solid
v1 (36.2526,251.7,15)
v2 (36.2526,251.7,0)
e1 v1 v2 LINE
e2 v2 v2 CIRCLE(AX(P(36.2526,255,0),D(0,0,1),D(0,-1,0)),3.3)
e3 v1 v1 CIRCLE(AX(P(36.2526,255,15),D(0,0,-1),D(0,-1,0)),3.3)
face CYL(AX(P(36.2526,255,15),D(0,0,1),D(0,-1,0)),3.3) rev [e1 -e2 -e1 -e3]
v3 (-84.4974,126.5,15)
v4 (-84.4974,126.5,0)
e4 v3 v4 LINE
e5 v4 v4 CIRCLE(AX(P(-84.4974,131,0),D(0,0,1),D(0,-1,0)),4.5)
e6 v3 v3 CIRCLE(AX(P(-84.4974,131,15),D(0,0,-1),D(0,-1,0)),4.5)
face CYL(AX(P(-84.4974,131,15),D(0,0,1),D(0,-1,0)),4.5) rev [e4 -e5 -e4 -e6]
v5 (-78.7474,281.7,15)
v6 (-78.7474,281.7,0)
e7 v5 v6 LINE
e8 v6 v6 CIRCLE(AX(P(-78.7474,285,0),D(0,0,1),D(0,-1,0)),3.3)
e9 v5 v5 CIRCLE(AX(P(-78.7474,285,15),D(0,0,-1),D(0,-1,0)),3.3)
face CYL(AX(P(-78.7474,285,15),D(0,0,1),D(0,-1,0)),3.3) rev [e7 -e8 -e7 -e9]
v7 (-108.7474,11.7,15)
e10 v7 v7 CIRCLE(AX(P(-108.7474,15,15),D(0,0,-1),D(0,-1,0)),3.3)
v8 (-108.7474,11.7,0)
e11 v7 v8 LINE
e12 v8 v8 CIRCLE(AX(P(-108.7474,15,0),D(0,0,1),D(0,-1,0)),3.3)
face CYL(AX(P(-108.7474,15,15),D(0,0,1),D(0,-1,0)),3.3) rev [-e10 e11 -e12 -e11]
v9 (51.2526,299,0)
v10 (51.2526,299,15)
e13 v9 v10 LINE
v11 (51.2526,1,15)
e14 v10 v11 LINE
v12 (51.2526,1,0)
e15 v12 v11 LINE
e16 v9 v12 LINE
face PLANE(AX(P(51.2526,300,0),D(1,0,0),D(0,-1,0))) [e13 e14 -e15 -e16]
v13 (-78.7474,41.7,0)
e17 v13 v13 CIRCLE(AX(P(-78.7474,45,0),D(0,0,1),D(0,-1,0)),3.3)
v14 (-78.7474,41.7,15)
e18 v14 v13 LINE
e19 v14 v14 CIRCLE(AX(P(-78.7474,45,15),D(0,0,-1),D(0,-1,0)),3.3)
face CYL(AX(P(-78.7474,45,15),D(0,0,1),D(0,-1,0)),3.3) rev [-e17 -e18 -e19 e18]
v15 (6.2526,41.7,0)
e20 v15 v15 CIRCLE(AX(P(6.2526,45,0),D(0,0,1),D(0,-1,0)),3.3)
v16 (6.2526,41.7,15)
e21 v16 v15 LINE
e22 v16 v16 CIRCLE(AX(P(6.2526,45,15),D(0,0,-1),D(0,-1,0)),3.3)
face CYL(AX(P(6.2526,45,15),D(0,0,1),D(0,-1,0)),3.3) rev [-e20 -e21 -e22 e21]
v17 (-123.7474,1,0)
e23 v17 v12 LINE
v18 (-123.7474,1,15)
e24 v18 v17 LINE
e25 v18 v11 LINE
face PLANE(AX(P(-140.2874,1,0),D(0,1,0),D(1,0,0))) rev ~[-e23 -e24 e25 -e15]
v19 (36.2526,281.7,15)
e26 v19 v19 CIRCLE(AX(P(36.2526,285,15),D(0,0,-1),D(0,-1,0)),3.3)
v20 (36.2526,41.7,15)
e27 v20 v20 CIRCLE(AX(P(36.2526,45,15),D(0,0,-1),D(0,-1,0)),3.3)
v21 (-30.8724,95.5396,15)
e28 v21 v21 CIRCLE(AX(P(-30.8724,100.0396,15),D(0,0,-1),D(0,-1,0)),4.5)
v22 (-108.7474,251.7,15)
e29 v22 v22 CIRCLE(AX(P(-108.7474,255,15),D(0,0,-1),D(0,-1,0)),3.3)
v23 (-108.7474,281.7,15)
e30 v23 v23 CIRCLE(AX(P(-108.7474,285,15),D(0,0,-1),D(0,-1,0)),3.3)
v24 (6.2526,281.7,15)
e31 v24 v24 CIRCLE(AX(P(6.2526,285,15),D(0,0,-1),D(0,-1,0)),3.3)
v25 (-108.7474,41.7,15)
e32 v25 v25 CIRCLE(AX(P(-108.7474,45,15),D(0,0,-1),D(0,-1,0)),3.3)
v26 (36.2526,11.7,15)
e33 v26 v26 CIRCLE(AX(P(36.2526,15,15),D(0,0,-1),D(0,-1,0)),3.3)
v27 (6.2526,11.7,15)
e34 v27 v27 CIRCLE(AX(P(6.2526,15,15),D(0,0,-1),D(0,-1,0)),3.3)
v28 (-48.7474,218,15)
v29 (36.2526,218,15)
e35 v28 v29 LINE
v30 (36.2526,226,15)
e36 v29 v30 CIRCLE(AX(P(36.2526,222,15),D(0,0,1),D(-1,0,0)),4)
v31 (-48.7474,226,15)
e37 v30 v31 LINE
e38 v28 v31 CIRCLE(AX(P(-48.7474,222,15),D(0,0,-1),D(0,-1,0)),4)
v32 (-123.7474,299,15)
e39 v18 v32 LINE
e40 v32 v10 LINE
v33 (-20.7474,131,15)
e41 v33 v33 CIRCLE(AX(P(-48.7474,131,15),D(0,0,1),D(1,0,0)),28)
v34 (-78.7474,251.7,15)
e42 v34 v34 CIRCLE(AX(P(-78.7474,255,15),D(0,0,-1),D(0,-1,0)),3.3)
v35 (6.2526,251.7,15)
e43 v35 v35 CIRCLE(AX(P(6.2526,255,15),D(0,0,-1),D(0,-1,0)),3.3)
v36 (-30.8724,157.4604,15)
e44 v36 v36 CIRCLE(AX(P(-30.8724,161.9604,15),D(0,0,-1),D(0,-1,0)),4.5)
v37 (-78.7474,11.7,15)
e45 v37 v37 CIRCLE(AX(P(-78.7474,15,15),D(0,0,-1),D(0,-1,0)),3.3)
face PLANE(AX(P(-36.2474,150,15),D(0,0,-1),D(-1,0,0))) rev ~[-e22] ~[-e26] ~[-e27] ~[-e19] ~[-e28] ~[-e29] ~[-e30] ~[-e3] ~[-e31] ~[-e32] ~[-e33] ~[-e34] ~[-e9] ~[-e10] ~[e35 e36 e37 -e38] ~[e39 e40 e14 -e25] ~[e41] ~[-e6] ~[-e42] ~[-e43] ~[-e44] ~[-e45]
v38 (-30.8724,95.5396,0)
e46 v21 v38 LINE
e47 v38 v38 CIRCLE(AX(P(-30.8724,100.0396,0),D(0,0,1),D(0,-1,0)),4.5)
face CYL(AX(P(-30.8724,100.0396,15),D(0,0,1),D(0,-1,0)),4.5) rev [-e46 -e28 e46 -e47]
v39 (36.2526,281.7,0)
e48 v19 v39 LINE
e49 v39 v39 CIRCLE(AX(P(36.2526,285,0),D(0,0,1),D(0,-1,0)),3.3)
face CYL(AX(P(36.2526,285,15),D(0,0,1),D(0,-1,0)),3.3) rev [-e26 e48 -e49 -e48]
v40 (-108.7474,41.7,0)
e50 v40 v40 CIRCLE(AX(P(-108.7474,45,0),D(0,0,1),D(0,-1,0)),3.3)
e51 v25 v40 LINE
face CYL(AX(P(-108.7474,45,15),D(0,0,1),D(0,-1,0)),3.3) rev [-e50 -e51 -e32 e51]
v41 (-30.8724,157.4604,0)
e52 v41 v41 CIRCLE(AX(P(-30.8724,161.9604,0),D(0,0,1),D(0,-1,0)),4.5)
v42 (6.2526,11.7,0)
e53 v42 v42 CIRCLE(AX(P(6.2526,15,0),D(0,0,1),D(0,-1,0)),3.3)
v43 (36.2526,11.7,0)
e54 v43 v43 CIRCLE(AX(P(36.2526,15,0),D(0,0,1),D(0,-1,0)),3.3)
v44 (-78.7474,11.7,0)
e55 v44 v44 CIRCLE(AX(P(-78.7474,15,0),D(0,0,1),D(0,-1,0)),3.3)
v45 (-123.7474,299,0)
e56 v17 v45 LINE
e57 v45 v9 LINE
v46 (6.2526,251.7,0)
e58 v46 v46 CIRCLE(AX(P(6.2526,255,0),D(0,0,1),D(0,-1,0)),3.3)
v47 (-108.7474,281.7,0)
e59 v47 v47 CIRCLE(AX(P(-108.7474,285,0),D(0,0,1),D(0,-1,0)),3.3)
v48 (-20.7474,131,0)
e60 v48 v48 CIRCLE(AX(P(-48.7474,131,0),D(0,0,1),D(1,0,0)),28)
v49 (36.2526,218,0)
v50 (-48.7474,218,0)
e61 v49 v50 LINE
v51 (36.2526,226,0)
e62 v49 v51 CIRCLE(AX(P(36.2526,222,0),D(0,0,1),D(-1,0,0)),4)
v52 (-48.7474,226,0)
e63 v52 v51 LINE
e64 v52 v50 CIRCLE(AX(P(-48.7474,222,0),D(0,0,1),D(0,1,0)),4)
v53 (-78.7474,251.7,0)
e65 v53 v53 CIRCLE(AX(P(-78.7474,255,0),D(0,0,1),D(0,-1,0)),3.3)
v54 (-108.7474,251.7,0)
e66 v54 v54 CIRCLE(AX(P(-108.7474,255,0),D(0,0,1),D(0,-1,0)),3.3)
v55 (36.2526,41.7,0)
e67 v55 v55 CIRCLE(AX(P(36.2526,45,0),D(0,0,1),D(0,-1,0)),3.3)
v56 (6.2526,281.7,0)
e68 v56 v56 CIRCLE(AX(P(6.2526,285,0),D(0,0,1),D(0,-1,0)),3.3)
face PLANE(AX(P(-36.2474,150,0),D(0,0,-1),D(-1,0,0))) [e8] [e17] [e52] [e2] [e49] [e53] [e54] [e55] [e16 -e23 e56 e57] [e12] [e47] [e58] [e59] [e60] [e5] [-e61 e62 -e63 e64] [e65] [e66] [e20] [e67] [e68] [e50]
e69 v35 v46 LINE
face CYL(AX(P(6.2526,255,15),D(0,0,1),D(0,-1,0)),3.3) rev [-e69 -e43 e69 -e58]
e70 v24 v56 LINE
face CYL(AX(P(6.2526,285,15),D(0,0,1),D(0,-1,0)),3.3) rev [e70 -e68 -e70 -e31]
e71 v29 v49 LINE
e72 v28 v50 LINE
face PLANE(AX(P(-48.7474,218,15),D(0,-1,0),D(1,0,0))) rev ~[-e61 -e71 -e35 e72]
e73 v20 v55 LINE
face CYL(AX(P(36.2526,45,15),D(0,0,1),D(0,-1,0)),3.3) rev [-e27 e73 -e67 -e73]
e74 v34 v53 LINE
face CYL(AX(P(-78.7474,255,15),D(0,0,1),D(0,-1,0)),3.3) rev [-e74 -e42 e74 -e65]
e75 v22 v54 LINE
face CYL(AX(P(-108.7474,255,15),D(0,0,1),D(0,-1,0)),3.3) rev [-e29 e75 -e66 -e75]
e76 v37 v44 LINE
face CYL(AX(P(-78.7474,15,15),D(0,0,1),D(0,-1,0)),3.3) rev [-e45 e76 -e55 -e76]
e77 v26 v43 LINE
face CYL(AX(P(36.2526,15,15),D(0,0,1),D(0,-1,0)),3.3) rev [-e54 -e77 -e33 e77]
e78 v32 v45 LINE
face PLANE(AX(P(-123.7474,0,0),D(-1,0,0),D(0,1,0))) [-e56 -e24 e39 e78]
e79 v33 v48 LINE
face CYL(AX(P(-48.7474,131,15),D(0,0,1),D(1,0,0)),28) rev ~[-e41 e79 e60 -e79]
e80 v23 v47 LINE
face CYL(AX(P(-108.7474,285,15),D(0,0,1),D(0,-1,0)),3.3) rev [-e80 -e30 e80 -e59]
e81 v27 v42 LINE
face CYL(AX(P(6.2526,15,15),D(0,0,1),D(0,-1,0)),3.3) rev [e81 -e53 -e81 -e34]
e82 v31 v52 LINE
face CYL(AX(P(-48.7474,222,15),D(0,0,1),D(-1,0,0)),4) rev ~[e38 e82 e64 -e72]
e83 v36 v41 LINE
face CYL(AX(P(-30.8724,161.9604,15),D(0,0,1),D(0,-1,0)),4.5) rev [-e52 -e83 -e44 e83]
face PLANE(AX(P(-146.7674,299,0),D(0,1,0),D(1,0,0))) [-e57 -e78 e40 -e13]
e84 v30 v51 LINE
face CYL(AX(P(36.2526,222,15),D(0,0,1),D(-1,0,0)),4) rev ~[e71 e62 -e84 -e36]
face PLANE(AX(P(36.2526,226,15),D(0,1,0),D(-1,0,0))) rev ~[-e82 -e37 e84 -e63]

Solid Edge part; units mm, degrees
sketch "Sketch1" plane through (0, 0, 0) normal (0, 0, 1) x (1, 0, 0)
  line L0 (-123.7474, 0) -> (-123.7474, 300)
  line L1 (-123.7474, 300) -> (51.2526, 300)
  line L2 (51.2526, 300) -> (51.2526, 0)
  line L3 (51.2526, 0) -> (-123.7474, 0)
  dimension "D1" = 300
  dimension "D2" = 175
extrude "Protrusion1" add sketch "Sketch1" along normal blind 15
sketch "Sketch2" plane through (-248.7474, 300, 15) normal (0, 0, 1) x (1, 0, 0)
  circle A0 centre (200, -169) radius 28
  dimension "D1" = 56
  dimension "D2" = 131
  dimension "D3" = 75
extrude "Cutout1" cut sketch "Sketch2" against normal through all
hole "Hole_17" at (-30.8724, 100.0396, 15) direction (0, 0, -1) diameter 9 end up to next
hole "Hole1" at (-84.4974, 131, 15) direction (0, 0, -1) diameter 9 end up to next
hole "Hole2" at (-30.8724, 161.9604, 15) direction (0, 0, -1) diameter 9 end up to next
hole "Hole_9" at (36.2526, 45, 15) direction (0, 0, -1) diameter 6.6 end up to next
hole "Hole3" at (-108.7474, 45, 15) direction (0, 0, -1) diameter 6.6 end up to next
hole "Hole4" at (-108.7474, 15, 15) direction (0, 0, -1) diameter 6.6 end up to next
hole "Hole5" at (-108.7474, 255, 15) direction (0, 0, -1) diameter 6.6 end up to next
hole "Hole6" at (-108.7474, 285, 15) direction (0, 0, -1) diameter 6.6 end up to next
hole "Hole7" at (36.2526, 285, 15) direction (0, 0, -1) diameter 6.6 end up to next
hole "Hole8" at (36.2526, 255, 15) direction (0, 0, -1) diameter 6.6 end up to next
hole "Hole9" at (36.2526, 15, 15) direction (0, 0, -1) diameter 6.6 end up to next
hole "Hole10" at (6.2526, 15, 15) direction (0, 0, -1) diameter 6.6 end up to next
hole "Hole11" at (6.2526, 45, 15) direction (0, 0, -1) diameter 6.6 end up to next
hole "Hole12" at (-78.7474, 15, 15) direction (0, 0, -1) diameter 6.6 end up to next
hole "Hole13" at (-78.7474, 45, 15) direction (0, 0, -1) diameter 6.6 end up to next
hole "Hole14" at (6.2526, 255, 15) direction (0, 0, -1) diameter 6.6 end up to next
hole "Hole15" at (6.2526, 285, 15) direction (0, 0, -1) diameter 6.6 end up to next
hole "Hole16" at (-78.7474, 255, 15) direction (0, 0, -1) diameter 6.6 end up to next
hole "Hole17" at (-78.7474, 285, 15) direction (0, 0, -1) diameter 6.6 end up to next
sketch "Sketch3" plane through (-23.7474, 150, 15) normal (0, 0, 1) x (-1, 0, 0)
  circle A0 centre (-60, -72) radius 4
  circle A1 centre (25, -72) radius 4
  line L0 (-60, -68) -> (-60, -76)
  line L1 (-60, -76) -> (25, -76)
  line L2 (25, -76) -> (25, -68)
  line L3 (25, -68) -> (-60, -68)
  dimension "D1" = 8
  dimension "D2" = 85
  dimension "D3" = 91
extrude "Cutout2" cut sketch "Sketch3" against normal through all
sketch "Sketch4" plane through (-36.2474, 150, 0) normal (0, 0, -1) x (1, 0, 0)
  line L0 (-110.52, -149) -> (154.44, -149)
  line L1 (154.44, -149) -> (154.44, -163.44)
  line L2 (154.44, -163.44) -> (-110.52, -163.44)
  line L3 (-110.52, -163.44) -> (-110.52, -149)
  line L4 (-104.04, 177.84) -> (-104.04, 149)
  line L5 (-104.04, 149) -> (129.24, 149)
  line L6 (129.24, 149) -> (129.24, 177.84)
  line L7 (129.24, 177.84) -> (-104.04, 177.84)
  dimension "D1" = 1
  dimension "D2" = 1
extrude "Cutout3" cut sketch "Sketch4" against normal through all
properties material "Aluminum, 6061-T6"
